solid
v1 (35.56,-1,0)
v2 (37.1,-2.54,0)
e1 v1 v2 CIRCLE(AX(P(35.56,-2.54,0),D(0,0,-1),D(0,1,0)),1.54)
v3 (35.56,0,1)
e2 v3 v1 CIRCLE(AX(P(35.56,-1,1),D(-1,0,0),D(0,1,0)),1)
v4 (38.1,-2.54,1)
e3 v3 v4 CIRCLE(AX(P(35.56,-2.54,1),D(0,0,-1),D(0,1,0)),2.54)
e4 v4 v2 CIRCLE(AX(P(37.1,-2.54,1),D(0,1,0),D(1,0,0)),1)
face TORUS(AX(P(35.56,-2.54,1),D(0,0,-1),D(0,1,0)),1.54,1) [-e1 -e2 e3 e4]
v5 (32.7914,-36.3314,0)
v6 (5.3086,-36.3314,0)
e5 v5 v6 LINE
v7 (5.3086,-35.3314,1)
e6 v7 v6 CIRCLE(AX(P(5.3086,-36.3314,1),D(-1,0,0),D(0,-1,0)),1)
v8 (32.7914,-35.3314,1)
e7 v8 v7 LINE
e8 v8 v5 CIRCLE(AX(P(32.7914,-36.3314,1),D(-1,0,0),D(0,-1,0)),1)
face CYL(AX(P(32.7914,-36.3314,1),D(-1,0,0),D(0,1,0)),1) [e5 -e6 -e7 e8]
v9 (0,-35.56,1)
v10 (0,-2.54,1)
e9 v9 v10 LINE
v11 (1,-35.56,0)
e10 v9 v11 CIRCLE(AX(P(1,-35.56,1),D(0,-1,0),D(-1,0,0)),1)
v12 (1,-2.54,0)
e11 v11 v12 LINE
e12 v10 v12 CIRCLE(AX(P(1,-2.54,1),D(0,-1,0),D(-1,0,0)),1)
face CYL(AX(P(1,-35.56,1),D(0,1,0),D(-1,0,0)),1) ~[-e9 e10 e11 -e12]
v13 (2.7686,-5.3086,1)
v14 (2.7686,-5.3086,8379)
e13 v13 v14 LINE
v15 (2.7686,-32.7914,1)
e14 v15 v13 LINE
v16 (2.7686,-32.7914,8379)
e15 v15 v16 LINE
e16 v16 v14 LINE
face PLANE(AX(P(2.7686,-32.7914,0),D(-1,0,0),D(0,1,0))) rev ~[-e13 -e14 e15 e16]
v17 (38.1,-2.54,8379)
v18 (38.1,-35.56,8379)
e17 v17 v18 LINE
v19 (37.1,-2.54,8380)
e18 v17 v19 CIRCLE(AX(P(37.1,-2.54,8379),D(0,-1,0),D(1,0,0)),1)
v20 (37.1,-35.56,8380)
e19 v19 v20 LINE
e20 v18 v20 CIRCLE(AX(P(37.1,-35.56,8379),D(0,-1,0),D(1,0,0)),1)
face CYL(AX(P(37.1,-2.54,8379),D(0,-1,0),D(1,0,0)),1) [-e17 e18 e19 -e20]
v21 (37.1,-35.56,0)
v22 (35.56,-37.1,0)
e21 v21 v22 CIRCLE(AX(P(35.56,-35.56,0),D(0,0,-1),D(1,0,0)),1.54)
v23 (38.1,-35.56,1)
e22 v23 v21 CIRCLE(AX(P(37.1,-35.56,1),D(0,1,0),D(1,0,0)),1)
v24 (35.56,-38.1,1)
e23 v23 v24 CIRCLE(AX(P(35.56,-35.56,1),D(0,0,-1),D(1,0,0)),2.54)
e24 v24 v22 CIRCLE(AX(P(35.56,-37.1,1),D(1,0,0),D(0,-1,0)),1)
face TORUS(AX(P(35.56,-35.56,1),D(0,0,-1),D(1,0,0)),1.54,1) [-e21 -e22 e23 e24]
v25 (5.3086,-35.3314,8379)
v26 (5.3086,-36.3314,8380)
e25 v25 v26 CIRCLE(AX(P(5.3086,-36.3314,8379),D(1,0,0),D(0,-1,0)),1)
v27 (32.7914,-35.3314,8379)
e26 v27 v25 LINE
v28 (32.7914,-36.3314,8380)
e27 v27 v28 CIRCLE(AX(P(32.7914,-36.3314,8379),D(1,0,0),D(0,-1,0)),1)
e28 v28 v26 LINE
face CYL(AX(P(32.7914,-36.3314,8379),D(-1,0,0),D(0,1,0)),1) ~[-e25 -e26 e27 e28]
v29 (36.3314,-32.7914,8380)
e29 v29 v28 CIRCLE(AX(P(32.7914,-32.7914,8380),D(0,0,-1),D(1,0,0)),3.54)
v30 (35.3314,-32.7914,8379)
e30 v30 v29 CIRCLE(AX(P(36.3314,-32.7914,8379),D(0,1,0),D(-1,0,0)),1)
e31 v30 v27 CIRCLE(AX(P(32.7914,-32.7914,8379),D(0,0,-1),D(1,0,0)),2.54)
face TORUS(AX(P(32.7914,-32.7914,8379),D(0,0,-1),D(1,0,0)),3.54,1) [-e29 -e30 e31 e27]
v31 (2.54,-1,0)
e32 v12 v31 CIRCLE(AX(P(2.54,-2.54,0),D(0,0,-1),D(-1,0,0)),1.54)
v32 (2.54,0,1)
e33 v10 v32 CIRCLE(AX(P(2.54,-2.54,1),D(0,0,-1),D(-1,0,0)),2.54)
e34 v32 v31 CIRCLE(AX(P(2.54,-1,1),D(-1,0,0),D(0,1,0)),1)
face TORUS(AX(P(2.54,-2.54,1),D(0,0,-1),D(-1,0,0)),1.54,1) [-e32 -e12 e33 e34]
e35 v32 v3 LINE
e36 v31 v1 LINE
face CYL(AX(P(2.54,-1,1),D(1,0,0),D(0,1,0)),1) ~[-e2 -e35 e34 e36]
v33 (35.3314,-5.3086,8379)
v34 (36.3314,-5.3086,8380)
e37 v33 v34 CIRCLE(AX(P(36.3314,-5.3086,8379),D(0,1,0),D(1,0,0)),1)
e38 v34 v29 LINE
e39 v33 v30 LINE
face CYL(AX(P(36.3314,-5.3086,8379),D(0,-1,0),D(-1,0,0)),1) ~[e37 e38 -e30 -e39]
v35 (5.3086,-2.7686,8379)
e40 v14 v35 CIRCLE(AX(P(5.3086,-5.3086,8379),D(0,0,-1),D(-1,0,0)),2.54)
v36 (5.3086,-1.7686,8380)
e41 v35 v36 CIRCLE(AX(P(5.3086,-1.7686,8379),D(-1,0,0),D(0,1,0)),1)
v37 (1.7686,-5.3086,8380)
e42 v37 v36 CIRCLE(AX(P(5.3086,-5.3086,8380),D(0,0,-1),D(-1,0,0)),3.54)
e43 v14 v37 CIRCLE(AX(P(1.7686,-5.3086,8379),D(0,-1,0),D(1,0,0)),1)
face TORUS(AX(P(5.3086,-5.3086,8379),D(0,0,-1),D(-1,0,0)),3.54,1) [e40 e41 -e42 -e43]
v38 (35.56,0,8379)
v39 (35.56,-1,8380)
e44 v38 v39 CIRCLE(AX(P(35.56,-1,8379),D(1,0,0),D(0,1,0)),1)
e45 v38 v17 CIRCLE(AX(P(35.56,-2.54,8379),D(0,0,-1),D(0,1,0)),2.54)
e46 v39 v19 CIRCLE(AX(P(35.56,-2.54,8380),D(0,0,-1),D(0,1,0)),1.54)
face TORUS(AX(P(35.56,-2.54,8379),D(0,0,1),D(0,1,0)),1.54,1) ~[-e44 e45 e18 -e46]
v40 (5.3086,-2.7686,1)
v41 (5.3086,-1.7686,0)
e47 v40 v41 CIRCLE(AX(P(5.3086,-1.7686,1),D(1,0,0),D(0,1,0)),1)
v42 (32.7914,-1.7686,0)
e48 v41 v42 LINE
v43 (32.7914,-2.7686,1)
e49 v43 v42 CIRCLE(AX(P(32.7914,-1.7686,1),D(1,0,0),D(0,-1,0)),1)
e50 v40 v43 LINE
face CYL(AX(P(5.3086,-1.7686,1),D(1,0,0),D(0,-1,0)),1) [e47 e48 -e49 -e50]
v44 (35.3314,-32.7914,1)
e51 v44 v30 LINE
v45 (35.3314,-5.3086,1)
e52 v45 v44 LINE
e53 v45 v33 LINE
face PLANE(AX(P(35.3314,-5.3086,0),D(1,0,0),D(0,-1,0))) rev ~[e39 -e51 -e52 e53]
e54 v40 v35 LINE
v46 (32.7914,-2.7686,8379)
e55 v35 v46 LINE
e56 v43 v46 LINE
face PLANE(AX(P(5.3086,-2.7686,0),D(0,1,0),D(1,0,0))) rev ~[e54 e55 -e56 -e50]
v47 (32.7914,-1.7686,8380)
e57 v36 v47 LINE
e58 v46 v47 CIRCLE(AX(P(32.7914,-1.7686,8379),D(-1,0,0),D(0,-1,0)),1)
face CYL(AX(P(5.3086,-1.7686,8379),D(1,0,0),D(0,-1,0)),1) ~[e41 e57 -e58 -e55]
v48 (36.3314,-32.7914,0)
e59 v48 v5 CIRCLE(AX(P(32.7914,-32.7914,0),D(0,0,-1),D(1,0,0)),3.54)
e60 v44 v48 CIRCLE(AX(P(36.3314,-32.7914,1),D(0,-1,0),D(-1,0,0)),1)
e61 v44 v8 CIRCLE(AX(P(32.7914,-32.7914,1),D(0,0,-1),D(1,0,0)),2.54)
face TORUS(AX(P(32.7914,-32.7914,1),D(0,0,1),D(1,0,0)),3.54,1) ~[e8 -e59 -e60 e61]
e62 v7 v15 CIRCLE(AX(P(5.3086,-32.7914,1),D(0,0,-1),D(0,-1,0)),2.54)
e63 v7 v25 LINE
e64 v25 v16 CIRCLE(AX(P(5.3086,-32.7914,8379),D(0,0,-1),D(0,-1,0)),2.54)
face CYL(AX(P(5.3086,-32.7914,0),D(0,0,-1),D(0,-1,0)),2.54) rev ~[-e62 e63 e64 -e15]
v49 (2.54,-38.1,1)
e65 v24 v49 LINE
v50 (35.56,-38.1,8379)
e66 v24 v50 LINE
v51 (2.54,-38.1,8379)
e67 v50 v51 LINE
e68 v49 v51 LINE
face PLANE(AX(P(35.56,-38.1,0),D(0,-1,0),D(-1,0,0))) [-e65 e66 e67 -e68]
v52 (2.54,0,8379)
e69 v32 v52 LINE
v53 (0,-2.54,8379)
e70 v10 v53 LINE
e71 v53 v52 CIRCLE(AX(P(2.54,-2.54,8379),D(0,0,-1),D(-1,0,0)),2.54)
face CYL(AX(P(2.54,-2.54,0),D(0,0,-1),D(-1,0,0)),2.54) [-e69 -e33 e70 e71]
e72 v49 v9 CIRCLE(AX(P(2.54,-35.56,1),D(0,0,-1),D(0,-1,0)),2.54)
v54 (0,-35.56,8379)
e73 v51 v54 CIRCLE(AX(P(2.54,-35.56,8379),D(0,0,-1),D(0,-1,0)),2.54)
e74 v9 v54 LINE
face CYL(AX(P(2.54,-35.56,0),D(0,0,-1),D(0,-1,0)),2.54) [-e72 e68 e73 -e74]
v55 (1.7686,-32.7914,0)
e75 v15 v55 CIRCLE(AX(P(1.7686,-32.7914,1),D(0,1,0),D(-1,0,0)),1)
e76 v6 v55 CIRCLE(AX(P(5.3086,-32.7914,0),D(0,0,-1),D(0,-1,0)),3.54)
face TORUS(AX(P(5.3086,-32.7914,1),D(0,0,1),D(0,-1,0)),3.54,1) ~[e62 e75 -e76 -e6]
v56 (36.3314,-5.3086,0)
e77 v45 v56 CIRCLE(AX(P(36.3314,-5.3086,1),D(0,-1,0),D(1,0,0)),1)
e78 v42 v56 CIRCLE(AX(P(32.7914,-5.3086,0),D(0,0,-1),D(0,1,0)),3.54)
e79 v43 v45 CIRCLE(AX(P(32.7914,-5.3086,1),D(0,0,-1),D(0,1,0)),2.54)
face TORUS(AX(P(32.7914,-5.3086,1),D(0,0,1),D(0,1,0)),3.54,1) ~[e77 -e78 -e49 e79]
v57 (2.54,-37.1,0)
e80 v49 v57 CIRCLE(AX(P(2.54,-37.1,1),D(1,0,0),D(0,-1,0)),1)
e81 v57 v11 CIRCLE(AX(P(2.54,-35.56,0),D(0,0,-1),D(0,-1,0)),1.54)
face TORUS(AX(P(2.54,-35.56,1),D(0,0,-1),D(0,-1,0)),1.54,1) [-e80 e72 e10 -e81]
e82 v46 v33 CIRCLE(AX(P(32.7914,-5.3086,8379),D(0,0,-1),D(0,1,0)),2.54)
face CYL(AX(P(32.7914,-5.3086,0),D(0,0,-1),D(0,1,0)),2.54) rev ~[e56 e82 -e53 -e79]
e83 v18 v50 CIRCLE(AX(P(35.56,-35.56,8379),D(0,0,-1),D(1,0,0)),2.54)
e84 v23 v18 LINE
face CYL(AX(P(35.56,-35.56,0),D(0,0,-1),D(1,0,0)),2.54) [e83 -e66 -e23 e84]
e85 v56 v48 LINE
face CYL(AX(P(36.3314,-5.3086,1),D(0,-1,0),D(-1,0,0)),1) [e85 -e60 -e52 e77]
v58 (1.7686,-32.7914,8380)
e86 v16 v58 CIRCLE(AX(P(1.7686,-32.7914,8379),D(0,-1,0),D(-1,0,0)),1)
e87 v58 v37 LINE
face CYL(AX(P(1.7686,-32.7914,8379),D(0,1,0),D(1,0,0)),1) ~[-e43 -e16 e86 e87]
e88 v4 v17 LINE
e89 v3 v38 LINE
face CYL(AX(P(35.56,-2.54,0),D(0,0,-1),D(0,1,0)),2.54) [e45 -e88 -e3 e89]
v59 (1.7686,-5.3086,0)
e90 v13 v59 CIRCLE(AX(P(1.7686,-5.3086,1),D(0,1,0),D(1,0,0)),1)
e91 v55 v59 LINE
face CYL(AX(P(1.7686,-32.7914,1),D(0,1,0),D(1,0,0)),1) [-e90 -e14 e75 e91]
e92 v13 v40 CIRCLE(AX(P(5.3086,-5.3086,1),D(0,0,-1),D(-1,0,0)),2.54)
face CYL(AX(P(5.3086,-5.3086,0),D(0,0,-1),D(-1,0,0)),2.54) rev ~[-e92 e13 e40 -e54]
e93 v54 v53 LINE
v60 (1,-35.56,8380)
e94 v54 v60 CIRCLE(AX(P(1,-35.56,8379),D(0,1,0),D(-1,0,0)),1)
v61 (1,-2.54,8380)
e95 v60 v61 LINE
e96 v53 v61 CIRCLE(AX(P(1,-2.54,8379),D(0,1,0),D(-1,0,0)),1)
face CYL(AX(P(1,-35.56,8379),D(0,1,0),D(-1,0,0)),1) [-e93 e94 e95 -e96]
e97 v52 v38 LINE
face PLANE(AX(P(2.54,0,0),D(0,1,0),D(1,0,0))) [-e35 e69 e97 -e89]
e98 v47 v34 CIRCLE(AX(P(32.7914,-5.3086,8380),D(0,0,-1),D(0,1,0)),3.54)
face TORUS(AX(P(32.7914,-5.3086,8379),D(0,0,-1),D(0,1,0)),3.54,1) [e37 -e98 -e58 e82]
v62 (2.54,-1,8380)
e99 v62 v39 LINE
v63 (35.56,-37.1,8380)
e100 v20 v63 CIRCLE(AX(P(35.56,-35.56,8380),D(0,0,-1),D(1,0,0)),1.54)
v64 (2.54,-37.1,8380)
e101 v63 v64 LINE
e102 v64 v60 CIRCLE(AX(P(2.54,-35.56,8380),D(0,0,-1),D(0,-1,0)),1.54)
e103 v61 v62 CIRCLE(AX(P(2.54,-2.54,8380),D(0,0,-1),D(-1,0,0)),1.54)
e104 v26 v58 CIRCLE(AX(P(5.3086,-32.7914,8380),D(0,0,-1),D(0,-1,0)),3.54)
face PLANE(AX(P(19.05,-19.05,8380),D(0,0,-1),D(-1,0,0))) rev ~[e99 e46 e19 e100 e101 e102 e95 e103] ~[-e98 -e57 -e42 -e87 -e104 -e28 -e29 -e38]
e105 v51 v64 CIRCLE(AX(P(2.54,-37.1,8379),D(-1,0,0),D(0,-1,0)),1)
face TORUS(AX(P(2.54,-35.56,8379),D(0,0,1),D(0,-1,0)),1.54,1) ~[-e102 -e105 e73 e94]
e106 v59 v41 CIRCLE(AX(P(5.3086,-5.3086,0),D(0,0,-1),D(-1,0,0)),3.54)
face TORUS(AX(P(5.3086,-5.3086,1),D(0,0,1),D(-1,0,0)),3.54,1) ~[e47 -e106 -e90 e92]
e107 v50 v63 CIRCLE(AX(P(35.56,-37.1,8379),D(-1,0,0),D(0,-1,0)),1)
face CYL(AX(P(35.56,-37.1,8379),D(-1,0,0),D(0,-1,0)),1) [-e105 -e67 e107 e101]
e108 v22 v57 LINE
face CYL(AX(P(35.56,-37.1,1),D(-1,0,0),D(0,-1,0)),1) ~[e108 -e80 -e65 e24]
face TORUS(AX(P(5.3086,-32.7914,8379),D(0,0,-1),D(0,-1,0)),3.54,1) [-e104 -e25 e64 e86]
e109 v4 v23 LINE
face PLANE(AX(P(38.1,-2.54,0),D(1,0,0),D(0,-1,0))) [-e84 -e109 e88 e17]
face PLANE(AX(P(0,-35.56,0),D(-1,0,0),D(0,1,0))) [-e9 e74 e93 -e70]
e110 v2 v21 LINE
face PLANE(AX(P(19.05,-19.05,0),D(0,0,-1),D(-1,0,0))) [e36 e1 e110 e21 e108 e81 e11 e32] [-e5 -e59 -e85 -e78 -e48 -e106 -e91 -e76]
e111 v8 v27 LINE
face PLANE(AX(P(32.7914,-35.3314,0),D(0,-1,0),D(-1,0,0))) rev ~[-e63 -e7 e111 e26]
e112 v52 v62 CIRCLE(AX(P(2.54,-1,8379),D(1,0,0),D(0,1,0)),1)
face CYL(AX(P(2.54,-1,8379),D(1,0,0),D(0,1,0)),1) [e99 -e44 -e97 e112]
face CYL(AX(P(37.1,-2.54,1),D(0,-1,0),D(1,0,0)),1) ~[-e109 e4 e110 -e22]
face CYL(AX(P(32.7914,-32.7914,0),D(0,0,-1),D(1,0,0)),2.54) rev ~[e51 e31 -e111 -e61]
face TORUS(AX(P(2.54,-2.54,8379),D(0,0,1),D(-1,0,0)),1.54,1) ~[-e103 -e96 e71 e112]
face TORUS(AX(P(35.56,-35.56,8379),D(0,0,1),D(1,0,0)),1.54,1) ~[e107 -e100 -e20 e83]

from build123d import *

# Parameters (mm, degrees)
BOSS_EXTRUDE1_DEPTH = 8380
FILLET1_R           = 1


with BuildPart() as part:
    # Sketch1 → Boss-Extrude1 (new body)
    with BuildSketch(Plane.XY):
        with BuildLine():
            Line((2.54, 0), (35.56, 0))
            ThreePointArc((35.56, 0), (37.356051224, -0.743948776), (38.1, -2.54))
            Line((38.1, -2.54), (38.1, -35.56))
            ThreePointArc((38.1, -35.56), (37.356051224, -37.356051224), (35.56, -38.1))
            Line((35.56, -38.1), (2.54, -38.1))
            ThreePointArc((2.54, -38.1), (0.743948776, -37.356051224), (0, -35.56))
            Line((0, -35.56), (0, -2.54))
            ThreePointArc((0, -2.54), (0.743948776, -0.743948776), (2.54, 0))
        make_face()
        with BuildLine():
            Line((5.3086, -2.7686), (32.7914, -2.7686))
            ThreePointArc((32.7914, -2.7686), (34.587451224, -3.512548776), (35.3314, -5.3086))
            Line((35.3314, -5.3086), (35.3314, -32.7914))
            ThreePointArc((35.3314, -32.7914), (34.587451224, -34.587451224), (32.7914, -35.3314))
            Line((32.7914, -35.3314), (5.3086, -35.3314))
            ThreePointArc((5.3086, -35.3314), (3.512548776, -34.587451224), (2.7686, -32.7914))
            Line((2.7686, -32.7914), (2.7686, -5.3086))
            ThreePointArc((2.7686, -5.3086), (3.512548776, -3.512548776), (5.3086, -2.7686))
        make_face(mode=Mode.SUBTRACT)
    extrude(amount=BOSS_EXTRUDE1_DEPTH)

    # Fillet1
    fillet1_edges = [part.edges().sort_by_distance(p)[0] for p in [
        (37.356051224, -37.356051224, 8380),
        (19.05, -38.1, 0),
        (0.743948776, -37.356051224, 0),
        (38.1, -19.05, 8380),
        (37.356051224, -0.743948776, 8380),
        (19.05, 0, 8380),
        (0.743948776, -0.743948776, 8380),
        (0, -19.05, 8380),
        (3.512548776, -34.587451224, 0),
        (19.05, -35.3314, 0),
        (34.587451224, -34.587451224, 0),
        (35.3314, -19.05, 0),
        (34.587451224, -3.512548776, 0),
        (19.05, -2.7686, 0),
        (3.512548776, -3.512548776, 0),
        (2.7686, -19.05, 0),
        (3.512548776, -34.587451224, 8380),
        (19.05, -35.3314, 8380),
        (34.587451224, -34.587451224, 8380),
        (35.3314, -19.05, 8380),
        (34.587451224, -3.512548776, 8380),
        (19.05, -2.7686, 8380),
        (3.512548776, -3.512548776, 8380),
        (2.7686, -19.05, 8380),
        (0.743948776, -37.356051224, 8380),
        (19.05, -38.1, 8380),
        (0, -19.05, 0),
        (0.743948776, -0.743948776, 0),
        (19.05, 0, 0),
        (37.356051224, -0.743948776, 0),
        (38.1, -19.05, 0),
        (37.356051224, -37.356051224, 0),
    ]]
    fillet(fillet1_edges, radius=FILLET1_R)


solid = part.part
